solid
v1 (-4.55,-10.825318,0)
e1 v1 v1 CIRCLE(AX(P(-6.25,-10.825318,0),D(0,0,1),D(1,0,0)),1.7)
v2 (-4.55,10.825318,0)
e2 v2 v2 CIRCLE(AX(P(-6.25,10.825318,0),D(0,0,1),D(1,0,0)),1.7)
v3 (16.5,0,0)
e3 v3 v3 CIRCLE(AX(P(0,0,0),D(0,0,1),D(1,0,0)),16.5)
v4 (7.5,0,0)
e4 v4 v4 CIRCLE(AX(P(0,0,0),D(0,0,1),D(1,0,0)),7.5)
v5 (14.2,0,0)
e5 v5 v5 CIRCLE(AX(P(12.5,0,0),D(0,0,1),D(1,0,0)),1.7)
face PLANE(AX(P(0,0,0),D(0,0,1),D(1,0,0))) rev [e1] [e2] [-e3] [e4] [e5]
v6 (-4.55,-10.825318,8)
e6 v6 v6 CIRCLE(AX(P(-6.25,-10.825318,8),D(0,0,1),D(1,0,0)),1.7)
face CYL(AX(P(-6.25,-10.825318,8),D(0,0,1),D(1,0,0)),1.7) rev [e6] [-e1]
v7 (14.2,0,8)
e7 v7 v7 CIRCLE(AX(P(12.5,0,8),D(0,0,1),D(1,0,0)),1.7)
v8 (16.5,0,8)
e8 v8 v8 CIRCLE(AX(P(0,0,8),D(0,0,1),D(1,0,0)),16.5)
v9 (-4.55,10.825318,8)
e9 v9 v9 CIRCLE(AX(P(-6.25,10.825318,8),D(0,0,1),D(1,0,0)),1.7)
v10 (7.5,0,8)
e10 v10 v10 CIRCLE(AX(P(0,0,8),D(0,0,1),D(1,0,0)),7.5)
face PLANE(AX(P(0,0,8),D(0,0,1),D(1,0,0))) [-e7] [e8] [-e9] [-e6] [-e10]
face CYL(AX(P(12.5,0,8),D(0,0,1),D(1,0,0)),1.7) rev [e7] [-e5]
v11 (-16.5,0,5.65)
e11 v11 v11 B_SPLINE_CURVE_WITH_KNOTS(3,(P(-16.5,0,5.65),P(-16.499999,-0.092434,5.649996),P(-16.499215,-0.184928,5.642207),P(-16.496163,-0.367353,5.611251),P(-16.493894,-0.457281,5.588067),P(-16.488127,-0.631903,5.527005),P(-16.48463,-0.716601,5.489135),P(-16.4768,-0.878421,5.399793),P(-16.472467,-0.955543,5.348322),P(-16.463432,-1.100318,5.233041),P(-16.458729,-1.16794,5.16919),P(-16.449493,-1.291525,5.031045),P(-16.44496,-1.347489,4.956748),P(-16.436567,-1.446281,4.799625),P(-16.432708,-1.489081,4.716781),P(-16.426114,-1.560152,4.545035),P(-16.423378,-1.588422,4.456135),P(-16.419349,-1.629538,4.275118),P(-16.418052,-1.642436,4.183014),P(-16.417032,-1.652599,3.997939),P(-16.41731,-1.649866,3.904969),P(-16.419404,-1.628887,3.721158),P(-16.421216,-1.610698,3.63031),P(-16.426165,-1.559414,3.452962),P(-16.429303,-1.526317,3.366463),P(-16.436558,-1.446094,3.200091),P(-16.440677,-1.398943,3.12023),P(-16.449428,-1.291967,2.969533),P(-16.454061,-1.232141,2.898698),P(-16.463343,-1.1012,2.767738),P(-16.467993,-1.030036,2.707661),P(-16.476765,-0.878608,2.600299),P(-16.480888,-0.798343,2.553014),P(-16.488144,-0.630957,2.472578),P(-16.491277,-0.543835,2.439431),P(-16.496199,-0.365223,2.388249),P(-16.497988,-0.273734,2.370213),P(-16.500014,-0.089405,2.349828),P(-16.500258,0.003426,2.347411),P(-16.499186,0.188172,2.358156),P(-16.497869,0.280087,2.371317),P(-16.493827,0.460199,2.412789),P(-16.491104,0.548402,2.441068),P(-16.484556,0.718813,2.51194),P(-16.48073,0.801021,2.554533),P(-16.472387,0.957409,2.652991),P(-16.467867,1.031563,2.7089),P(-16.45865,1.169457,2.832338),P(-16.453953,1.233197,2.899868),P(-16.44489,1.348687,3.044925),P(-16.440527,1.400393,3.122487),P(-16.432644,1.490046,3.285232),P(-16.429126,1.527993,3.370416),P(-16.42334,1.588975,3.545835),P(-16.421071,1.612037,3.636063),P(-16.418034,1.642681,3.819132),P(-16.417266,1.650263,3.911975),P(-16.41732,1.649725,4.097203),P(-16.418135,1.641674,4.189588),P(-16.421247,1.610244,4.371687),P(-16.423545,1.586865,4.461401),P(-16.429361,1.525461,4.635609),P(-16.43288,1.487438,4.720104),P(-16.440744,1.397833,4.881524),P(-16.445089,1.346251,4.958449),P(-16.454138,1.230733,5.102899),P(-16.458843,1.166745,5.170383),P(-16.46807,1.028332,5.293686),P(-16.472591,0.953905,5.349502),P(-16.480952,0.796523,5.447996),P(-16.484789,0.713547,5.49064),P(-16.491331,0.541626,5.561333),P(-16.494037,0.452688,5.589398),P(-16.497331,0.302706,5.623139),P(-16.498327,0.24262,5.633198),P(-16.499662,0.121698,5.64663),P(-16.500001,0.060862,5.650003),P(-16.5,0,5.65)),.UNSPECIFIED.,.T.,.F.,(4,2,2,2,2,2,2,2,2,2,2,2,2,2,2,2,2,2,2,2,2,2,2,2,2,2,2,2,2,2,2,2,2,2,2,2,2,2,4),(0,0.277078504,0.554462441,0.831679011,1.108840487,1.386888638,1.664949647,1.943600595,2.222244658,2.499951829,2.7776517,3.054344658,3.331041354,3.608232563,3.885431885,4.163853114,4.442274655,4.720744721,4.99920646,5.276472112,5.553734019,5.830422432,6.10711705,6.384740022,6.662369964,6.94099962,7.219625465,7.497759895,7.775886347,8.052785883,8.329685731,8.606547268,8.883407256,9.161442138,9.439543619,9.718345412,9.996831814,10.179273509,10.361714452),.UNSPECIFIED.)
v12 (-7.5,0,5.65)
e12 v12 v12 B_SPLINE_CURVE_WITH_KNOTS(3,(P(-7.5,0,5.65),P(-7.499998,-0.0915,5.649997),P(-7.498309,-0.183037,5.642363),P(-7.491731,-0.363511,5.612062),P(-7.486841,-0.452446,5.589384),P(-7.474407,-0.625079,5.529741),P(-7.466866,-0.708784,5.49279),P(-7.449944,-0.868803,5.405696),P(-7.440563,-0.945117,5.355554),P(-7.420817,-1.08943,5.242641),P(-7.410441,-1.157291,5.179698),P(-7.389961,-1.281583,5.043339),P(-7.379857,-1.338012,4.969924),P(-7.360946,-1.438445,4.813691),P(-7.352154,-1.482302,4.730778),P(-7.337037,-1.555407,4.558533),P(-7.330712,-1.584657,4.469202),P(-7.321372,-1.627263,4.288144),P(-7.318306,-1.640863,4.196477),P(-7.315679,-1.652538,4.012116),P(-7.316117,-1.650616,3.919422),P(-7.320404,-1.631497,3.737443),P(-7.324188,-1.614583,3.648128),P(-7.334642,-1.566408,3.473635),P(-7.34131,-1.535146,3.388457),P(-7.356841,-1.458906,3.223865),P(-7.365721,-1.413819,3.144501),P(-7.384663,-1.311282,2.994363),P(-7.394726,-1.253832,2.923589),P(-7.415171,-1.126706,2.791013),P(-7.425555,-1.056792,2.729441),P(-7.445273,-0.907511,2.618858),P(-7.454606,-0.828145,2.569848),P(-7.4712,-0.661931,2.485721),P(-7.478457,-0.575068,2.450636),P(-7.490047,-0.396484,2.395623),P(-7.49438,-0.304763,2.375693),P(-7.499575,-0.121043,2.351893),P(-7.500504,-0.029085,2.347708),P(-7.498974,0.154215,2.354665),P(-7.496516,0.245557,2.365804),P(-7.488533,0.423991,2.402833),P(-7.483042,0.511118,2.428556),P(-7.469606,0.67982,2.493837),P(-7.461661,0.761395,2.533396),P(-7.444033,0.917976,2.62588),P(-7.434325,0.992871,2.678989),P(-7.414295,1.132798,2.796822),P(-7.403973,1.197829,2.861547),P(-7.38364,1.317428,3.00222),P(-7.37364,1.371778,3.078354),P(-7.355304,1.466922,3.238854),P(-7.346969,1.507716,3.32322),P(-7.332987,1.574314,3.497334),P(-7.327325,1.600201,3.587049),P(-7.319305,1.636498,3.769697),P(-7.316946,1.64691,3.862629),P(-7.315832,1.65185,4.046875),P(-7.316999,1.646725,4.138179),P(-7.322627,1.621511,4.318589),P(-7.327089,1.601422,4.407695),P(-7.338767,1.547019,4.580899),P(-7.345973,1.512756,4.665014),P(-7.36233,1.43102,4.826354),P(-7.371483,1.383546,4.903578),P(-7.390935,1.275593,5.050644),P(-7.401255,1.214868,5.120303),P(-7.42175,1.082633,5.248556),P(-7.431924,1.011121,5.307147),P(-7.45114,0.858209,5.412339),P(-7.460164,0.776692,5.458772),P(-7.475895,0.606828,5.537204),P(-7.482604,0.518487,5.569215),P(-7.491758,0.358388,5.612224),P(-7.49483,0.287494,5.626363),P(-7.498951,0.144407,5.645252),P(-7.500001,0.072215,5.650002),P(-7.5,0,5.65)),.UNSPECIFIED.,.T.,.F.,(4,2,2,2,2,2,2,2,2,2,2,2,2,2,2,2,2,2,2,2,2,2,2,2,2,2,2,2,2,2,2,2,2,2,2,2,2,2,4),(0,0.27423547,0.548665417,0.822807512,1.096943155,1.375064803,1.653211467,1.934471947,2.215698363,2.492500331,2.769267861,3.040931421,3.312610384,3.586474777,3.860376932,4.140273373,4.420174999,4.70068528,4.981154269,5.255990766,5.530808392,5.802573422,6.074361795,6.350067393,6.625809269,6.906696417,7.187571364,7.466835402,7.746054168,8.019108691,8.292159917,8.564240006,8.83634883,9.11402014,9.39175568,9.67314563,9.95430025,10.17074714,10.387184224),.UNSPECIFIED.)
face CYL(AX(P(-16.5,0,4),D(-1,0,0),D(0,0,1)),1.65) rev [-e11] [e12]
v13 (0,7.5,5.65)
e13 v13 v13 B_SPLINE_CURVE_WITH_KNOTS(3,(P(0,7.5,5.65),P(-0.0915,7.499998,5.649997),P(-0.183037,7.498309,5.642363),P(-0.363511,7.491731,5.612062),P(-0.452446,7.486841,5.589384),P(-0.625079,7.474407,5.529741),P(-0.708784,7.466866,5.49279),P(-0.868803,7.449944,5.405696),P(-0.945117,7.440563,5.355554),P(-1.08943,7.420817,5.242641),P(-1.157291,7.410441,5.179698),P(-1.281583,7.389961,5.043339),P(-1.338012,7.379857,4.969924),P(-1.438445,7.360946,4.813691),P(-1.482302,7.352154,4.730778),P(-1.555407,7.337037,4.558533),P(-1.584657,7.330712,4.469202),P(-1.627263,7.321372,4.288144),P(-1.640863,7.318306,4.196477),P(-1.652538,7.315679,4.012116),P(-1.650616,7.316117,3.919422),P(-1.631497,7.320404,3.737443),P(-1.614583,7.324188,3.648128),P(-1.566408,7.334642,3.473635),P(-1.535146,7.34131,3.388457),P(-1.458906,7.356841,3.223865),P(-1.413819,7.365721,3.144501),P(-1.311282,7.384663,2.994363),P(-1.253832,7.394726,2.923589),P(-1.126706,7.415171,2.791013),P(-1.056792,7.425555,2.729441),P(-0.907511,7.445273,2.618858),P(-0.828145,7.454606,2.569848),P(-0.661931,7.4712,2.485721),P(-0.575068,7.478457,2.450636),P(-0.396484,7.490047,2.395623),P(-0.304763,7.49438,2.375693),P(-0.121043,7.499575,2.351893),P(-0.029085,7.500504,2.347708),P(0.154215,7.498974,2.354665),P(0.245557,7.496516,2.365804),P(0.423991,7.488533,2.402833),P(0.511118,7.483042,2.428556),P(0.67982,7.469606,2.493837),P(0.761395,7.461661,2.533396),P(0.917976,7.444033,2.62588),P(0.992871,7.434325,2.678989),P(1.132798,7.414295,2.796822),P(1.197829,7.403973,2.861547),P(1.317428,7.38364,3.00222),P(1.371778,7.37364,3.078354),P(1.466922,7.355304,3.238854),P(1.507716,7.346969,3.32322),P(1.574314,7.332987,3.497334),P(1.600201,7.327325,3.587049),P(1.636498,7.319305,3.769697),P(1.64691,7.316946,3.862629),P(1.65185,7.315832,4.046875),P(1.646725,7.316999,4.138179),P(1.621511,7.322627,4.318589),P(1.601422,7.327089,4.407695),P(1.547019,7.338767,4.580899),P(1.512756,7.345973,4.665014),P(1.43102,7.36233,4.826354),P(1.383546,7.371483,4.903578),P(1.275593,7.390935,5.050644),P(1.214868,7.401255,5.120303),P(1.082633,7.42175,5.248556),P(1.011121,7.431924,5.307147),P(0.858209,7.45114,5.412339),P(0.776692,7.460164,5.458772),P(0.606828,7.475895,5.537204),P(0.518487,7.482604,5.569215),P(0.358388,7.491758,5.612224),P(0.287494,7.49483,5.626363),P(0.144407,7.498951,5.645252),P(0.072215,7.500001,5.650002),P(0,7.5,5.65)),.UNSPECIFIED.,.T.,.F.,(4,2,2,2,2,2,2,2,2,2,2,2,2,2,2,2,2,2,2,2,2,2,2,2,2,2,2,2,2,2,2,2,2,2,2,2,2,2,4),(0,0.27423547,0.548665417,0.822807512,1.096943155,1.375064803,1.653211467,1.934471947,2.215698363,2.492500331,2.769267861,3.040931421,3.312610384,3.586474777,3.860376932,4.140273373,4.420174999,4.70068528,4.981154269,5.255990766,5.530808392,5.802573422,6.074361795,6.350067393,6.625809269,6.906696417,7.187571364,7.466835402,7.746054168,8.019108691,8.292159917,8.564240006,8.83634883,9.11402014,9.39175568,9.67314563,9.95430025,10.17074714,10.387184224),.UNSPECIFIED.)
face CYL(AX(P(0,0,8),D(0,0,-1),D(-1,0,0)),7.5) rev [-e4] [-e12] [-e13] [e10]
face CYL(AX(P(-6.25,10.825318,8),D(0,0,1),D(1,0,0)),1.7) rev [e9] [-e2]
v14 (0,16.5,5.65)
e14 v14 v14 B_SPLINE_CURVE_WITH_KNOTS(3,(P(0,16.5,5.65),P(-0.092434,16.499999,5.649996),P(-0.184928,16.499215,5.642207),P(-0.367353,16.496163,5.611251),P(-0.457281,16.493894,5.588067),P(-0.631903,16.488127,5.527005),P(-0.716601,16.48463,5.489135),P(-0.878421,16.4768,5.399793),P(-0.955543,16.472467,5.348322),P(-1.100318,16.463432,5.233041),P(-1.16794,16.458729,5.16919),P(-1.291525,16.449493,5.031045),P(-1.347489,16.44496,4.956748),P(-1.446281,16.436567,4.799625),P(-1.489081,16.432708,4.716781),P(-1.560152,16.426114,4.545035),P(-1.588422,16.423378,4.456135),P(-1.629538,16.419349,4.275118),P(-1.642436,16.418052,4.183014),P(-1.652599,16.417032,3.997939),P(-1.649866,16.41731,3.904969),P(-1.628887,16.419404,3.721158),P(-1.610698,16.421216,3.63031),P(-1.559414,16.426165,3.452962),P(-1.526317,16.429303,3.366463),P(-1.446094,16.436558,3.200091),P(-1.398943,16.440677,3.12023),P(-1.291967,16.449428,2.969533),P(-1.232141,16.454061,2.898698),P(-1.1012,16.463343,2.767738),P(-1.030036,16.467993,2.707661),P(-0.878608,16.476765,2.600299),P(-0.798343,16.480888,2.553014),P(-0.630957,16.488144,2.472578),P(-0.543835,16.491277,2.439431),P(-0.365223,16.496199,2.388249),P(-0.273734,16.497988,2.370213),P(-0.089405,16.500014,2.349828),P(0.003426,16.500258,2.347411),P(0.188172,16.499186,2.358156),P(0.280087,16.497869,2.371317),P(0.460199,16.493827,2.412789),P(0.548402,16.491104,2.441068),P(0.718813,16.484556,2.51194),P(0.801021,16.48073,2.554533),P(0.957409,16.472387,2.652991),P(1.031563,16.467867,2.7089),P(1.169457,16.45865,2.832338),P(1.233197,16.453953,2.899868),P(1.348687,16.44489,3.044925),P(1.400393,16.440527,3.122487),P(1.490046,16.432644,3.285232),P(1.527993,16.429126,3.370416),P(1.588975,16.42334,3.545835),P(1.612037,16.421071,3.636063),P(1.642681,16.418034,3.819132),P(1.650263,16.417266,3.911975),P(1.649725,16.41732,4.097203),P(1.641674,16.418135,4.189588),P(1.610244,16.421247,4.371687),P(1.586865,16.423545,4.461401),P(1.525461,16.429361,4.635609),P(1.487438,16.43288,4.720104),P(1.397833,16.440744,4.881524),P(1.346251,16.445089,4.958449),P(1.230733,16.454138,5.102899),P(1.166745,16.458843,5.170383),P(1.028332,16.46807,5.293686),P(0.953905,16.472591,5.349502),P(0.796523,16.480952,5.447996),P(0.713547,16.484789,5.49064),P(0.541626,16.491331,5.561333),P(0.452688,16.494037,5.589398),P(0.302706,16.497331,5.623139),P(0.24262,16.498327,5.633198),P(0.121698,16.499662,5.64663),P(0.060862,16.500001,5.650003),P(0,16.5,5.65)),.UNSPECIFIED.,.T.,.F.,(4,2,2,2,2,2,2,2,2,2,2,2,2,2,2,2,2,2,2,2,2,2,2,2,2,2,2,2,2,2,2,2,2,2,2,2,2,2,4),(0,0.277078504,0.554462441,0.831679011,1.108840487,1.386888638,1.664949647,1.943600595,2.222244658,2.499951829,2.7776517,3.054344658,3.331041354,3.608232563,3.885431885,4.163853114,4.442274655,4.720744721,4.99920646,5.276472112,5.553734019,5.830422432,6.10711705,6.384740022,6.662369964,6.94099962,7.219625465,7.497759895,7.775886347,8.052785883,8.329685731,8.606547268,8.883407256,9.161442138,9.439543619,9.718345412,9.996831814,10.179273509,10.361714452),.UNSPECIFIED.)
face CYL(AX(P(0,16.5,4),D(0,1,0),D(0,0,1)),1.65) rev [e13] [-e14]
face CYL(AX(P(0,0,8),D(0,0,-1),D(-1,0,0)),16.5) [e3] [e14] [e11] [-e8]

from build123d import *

# Parameters (mm, degrees)
SKETCH_1_R        = 16.5
SKETCH_1_R_2      = 7.5
EXTRUDE_1_DEPTH   = 8
HOLE_WIZARD_M31_D = 3.4
M4X0_71_REACH     = 39.752
M4X0_71_BORE_R    = 1.65
M4X0_72_REACH     = 39.752
M4X0_72_BORE_R    = 1.65


with BuildPart() as part:
    # Эскиз1 → Бобышка-Вытянуть1 (new body)
    with BuildSketch(Plane.XY):
        Circle(SKETCH_1_R)
        Circle(SKETCH_1_R_2, mode=Mode.SUBTRACT)
    extrude(amount=EXTRUDE_1_DEPTH)

    # Отверстие с зазором M31 (through all)
    with Locations(Plane.XY.offset(8)):
        with Locations((-6.25, 10.825317547), (12.5, 0), (-6.25, -10.825317547)):
            Hole(HOLE_WIZARD_M31_D / 2)

    # Отверстие обработанное метчиком M4x0.71 bore → Отверстие обработанное метчиком M4x0.71 (cut, up to next)
    with BuildSketch(Plane.ZY.offset(16.5), mode=Mode.PRIVATE) as m4x0_71_sk1:
        with Locations((4, 0)):
            Circle(M4X0_71_BORE_R)
    m4x0_71_tool1 = extrude(m4x0_71_sk1.sketch, amount=-M4X0_71_REACH, mode=Mode.PRIVATE) & part.part
    add(m4x0_71_tool1.solids().sort_by_distance((-16.5, 0, 4))[0], mode=Mode.SUBTRACT)

    # Отверстие обработанное метчиком M4x0.72 bore → Отверстие обработанное метчиком M4x0.72 (cut, up to next)
    with BuildSketch(Plane.ZX.offset(16.5), mode=Mode.PRIVATE) as m4x0_72_sk1:
        with Locations((4, 0)):
            Circle(M4X0_72_BORE_R)
    m4x0_72_tool1 = extrude(m4x0_72_sk1.sketch, amount=-M4X0_72_REACH, mode=Mode.PRIVATE) & part.part
    add(m4x0_72_tool1.solids().sort_by_distance((0, 16.5, 4))[0], mode=Mode.SUBTRACT)


solid = part.part
